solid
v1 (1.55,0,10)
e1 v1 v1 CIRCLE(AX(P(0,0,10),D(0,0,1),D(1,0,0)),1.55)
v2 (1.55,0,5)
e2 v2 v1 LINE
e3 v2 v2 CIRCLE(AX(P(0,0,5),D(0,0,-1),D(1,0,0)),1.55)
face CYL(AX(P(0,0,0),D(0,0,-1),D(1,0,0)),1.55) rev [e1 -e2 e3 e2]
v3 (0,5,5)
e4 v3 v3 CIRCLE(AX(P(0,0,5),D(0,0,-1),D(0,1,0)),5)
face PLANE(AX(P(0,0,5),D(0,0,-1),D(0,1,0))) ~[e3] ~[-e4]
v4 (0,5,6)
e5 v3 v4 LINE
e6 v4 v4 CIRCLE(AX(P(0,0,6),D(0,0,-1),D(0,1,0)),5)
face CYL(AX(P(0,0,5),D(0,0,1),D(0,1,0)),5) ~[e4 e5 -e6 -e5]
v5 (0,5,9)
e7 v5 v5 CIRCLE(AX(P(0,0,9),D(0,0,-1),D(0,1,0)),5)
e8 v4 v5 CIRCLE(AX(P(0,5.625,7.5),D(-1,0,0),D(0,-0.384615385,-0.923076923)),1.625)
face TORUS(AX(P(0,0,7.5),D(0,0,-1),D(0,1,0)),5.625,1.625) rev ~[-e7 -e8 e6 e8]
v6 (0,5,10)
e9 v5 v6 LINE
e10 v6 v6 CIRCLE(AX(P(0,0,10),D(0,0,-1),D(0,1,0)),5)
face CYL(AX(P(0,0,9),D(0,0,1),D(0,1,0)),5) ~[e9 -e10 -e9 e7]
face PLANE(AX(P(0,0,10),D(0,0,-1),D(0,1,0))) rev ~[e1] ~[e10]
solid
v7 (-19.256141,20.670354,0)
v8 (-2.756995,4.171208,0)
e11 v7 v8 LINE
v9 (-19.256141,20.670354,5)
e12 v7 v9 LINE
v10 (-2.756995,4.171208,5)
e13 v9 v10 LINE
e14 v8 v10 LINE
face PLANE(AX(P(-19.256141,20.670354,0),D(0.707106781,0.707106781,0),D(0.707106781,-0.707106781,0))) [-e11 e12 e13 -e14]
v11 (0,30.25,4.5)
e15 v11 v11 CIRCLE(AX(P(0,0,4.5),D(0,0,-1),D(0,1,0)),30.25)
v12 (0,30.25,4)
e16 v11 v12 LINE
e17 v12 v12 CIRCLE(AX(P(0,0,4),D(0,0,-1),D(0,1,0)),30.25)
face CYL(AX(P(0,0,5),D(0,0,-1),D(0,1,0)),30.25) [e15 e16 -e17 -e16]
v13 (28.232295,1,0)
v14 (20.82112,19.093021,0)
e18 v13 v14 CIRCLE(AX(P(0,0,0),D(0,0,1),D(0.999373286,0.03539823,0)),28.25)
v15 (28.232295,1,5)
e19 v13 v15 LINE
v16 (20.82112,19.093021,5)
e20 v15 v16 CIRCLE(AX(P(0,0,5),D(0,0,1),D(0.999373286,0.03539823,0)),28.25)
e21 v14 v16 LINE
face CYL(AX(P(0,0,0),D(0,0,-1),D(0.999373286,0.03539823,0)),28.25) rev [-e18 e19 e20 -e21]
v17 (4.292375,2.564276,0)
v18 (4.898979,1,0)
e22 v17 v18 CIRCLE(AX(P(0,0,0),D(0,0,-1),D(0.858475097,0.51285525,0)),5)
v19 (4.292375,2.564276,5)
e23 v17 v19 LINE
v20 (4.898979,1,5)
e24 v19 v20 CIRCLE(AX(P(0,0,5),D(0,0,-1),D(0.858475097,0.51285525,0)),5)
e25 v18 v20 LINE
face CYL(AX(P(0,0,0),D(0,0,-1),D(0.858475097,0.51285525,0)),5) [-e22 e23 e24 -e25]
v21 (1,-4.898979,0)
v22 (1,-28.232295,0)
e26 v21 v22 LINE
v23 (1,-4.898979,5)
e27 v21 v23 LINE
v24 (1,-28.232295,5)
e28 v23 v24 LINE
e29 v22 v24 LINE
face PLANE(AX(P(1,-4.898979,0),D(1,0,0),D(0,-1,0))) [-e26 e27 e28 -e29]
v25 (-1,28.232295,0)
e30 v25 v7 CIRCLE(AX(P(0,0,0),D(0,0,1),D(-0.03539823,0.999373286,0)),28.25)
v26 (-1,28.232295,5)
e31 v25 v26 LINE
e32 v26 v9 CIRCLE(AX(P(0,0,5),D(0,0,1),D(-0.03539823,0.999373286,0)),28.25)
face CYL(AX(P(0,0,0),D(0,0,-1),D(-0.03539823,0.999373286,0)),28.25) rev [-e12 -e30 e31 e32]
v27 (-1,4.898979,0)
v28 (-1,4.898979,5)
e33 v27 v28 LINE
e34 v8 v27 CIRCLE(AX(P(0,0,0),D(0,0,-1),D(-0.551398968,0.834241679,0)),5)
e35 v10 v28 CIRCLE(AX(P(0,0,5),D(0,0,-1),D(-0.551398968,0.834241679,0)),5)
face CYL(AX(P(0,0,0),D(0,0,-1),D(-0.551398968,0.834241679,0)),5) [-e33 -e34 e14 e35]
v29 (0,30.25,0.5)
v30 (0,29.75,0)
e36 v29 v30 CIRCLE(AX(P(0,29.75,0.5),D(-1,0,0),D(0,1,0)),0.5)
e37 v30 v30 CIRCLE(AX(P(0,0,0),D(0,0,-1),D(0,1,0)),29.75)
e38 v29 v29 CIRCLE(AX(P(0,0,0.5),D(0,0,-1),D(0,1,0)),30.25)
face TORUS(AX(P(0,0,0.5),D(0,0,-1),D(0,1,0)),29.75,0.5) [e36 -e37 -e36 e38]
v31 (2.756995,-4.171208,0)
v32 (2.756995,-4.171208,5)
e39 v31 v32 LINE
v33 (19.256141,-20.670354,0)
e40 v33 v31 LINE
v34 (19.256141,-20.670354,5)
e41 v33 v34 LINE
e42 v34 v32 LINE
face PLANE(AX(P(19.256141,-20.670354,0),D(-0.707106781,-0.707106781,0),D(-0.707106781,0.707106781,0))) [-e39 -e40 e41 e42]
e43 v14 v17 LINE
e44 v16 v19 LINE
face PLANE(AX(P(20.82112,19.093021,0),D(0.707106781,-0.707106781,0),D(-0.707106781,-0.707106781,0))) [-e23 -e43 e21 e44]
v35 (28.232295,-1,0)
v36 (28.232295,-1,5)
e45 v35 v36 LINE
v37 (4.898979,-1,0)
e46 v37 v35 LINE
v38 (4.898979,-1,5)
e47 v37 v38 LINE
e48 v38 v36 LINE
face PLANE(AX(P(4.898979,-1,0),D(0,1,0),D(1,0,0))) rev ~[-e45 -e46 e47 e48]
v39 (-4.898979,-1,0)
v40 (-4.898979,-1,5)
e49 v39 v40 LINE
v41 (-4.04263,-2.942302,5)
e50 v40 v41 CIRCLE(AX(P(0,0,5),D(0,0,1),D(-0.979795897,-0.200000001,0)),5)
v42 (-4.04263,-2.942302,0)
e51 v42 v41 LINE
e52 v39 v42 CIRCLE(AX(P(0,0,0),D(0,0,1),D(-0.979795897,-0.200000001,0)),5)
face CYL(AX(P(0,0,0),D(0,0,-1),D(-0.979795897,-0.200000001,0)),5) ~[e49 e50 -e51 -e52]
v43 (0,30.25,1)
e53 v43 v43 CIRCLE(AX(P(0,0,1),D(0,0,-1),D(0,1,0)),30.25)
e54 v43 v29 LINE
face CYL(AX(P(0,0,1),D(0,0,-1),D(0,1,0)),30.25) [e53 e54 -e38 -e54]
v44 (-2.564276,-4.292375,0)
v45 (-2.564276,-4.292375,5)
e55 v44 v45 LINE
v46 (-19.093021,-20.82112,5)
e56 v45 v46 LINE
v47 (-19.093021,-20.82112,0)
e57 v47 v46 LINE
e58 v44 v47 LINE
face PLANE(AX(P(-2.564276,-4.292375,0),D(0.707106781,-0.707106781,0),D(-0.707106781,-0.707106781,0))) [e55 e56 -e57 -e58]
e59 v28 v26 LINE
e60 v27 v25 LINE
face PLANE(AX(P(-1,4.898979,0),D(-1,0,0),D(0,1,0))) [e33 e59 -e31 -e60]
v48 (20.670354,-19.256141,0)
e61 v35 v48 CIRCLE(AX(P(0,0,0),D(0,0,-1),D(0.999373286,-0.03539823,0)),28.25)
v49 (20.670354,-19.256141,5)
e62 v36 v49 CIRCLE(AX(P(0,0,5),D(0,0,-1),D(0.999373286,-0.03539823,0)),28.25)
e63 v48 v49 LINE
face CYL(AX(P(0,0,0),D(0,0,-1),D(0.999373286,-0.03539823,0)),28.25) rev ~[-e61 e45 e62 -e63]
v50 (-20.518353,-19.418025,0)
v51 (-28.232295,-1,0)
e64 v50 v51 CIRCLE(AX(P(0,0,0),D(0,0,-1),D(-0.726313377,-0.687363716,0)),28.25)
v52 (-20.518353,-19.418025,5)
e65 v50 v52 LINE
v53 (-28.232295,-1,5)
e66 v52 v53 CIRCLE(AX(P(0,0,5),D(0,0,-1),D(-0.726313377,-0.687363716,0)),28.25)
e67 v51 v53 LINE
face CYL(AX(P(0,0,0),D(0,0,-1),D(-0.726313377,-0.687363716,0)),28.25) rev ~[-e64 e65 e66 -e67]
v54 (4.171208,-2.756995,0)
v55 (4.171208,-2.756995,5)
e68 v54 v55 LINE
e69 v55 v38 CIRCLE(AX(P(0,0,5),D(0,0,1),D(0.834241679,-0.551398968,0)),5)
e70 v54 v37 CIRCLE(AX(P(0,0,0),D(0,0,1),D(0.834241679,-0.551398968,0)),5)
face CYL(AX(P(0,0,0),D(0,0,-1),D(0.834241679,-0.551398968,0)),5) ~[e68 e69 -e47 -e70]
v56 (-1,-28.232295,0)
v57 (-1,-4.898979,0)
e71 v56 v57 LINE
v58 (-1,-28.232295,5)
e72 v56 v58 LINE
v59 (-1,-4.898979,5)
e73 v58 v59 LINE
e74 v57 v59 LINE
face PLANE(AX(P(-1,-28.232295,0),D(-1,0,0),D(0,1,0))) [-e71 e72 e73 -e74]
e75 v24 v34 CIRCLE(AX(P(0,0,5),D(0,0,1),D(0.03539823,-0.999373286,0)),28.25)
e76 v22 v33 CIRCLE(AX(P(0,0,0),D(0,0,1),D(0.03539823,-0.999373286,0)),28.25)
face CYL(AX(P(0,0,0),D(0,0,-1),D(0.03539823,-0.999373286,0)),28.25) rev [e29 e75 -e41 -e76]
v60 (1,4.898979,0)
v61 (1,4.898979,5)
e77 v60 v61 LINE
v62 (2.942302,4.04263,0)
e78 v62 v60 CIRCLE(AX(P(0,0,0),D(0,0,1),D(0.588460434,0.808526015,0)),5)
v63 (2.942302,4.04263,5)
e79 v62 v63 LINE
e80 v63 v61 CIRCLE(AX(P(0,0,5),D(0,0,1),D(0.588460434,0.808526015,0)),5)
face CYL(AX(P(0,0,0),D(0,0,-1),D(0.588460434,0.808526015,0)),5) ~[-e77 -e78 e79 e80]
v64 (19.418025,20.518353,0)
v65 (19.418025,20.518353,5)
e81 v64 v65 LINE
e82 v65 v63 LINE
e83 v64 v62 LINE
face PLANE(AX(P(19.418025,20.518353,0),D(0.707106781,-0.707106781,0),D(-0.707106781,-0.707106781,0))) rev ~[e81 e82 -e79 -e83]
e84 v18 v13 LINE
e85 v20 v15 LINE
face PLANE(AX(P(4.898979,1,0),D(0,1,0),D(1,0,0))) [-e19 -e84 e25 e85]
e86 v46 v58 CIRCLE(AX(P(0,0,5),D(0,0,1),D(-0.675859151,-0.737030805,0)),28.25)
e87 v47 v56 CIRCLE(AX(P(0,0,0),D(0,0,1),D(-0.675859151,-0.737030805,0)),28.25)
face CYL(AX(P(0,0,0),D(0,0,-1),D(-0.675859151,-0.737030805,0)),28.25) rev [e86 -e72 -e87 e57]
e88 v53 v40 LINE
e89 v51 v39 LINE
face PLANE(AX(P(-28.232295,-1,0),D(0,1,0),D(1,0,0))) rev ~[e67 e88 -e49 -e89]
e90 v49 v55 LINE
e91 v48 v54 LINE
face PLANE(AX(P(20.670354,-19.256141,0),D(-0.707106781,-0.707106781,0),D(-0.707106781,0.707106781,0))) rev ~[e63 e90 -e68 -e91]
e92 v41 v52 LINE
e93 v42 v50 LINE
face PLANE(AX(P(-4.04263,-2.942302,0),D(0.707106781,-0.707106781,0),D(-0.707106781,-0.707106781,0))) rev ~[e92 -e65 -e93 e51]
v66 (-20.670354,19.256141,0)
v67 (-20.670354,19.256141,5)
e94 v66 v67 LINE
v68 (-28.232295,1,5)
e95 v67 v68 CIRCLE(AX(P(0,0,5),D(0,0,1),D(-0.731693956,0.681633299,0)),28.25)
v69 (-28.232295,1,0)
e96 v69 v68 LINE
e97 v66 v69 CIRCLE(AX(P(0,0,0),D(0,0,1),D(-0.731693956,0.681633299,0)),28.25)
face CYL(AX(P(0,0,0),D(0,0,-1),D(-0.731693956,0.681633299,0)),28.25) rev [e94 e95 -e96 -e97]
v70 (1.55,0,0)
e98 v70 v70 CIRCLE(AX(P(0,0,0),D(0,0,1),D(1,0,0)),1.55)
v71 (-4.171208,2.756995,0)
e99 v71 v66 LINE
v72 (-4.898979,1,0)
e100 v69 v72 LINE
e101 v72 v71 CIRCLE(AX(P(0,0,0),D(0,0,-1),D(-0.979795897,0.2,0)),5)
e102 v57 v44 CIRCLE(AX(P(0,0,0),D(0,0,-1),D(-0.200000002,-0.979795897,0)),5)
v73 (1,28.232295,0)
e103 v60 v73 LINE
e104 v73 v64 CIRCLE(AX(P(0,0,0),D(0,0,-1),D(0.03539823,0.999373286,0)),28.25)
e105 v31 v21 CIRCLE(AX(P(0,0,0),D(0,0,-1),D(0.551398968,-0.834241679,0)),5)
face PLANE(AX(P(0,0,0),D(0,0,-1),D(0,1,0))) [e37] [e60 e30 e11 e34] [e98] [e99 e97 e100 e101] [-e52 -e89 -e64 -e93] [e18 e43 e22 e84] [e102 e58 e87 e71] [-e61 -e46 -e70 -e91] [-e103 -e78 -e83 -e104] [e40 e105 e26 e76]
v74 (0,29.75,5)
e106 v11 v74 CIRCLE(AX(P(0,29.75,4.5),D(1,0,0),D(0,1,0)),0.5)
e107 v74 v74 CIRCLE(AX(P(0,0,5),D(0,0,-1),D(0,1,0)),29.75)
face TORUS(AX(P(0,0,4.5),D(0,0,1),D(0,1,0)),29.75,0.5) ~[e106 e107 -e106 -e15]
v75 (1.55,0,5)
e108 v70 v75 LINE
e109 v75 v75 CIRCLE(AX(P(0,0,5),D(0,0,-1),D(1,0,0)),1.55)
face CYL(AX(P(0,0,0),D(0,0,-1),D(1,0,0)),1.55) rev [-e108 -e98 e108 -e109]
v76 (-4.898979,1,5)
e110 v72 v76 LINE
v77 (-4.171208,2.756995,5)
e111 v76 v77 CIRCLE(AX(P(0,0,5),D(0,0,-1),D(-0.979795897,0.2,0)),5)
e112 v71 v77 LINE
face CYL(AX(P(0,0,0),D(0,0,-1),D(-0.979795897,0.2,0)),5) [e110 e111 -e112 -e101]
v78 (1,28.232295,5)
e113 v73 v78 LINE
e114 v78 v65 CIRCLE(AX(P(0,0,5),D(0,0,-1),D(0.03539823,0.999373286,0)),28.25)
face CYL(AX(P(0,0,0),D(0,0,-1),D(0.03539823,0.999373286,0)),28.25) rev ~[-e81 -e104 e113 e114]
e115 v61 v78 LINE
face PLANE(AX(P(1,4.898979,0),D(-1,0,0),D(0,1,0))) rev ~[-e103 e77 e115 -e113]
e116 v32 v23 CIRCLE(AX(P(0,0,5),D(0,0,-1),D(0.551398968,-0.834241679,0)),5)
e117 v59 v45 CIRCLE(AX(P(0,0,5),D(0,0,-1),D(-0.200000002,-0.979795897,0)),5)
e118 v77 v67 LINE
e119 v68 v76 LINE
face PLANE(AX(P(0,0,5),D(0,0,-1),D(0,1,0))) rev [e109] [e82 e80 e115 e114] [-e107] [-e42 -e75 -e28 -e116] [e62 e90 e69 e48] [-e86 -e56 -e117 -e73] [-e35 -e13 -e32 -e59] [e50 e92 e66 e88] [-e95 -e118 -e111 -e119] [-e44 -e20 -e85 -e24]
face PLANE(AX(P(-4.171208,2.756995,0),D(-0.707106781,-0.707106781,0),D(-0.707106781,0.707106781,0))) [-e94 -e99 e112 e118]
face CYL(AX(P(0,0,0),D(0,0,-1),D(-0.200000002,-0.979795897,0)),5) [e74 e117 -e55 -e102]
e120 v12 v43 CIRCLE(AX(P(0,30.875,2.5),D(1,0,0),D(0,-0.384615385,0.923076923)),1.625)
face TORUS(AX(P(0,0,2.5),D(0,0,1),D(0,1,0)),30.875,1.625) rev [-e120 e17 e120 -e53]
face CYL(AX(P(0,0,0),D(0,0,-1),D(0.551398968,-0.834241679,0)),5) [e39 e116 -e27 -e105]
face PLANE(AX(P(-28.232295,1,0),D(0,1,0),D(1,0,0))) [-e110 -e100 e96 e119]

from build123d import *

# Parameters (mm, degrees)
SKETCH7_R          = 1.55
CUT_EXTRUDE1_DEPTH = 10
CUT_EXTRUDE2_DEPTH = 5
FILLET1_R          = 0.5


with BuildPart() as part:
    # Sketch4 → Revolve1 (revolve)
    with BuildSketch(Plane(origin=(0, 0, 0), x_dir=(0, 0, -1), z_dir=(1, 0, 0))):
        with BuildLine():
            Line((-5, 30.25), (-4, 30.25))
            ThreePointArc((-4, 30.25), (-2.5, 29.25), (-1, 30.25))
            Line((-1, 30.25), (0, 30.25))
            Line((0, 30.25), (0, 0))
            Line((0, 0), (-5, 0))
            Line((-5, 0), (-5, 30.25))
        make_face()
    revolve(axis=Axis((0, 0, 5), (0, 0, -1)))


with BuildPart() as body_2:
    # Sketch6 → Revolve2 (revolve)
    with BuildSketch(Plane(origin=(0, 0, 0), x_dir=(0, 0, -1), z_dir=(1, 0, 0))):
        with BuildLine():
            Line((-5, 0), (-5, 5))
            Line((-5, 5), (-6, 5))
            ThreePointArc((-6, 5), (-7.5, 4), (-9, 5))
            Line((-9, 5), (-10, 5))
            Line((-10, 5), (-10, 0))
            Line((-10, 0), (-5, 0))
        make_face()
    revolve(axis=Axis((0, 0, 10), (0, 0, -1)))


with BuildPart() as cut_extrude1_tool:
    # Sketch7 → Cut-Extrude1 (new body)
    with BuildSketch(Plane.XY):
        Circle(SKETCH7_R)
    extrude(amount=CUT_EXTRUDE1_DEPTH)


with BuildPart() as part_1:
    add(part.part)

    # Cut-Extrude1: cut by cut_extrude1_tool
    add(cut_extrude1_tool.part, mode=Mode.SUBTRACT)

    # Sketch8 → Cut-Extrude2 (cut)
    with BuildSketch(Plane.XY):
        with BuildLine():
            Line((4.898979486, 1), (28.232295337, 1))
            ThreePointArc((28.232295337, 1), (26.141896401, 10.708116199), (20.821120243, 19.093021024))
            Line((20.821120243, 19.093021024), (4.29237548, 2.564276261))
            ThreePointArc((4.29237548, 2.564276261), (4.661758421, 1.807763375), (4.898979486, 1))
        make_face()
        with BuildLine():
            Line((1, 4.898979486), (1, 28.232295337))
            ThreePointArc((1, 28.232295337), (10.913302118, 26.056905743), (19.418024989, 20.518352895))
            Line((19.418024989, 20.518352895), (2.942302171, 4.042630076))
            ThreePointArc((2.942302171, 4.042630076), (2.017119277, 4.5750661), (1, 4.898979486))
        make_face()
        with BuildLine():
            Line((4.898979486, -1), (28.232295337, -1))
            ThreePointArc((28.232295337, -1), (26.099596793, -10.810806964), (20.670354262, -19.2561407))
            Line((20.670354262, -19.2561407), (4.171208396, -2.756994834))
            ThreePointArc((4.171208396, -2.756994834), (4.619397663, -1.913417162), (4.898979486, -1))
        make_face()
        with BuildLine():
            Line((1, -4.898979486), (1, -28.232295337))
            ThreePointArc((1, -28.232295337), (10.810806964, -26.099596793), (19.2561407, -20.670354262))
            Line((19.2561407, -20.670354262), (2.756994834, -4.171208396))
            ThreePointArc((2.756994834, -4.171208396), (1.913417162, -4.619397663), (1, -4.898979486))
        make_face()
        with BuildLine():
            Line((-1, -28.232295337), (-1, -4.898979486))
            ThreePointArc((-1, -4.898979486), (-1.807763375, -4.661758421), (-2.564276261, -4.29237548))
            Line((-2.564276261, -4.29237548), (-19.093021024, -20.821120243))
            ThreePointArc((-19.093021024, -20.821120243), (-10.708116199, -26.141896401), (-1, -28.232295337))
        make_face()
        with BuildLine():
            Line((-28.232295337, -1), (-4.898979486, -1))
            ThreePointArc((-4.898979486, -1), (-4.5750661, -2.017119277), (-4.042630076, -2.942302171))
            Line((-4.042630076, -2.942302171), (-20.518352895, -19.418024989))
            ThreePointArc((-20.518352895, -19.418024989), (-26.056905743, -10.913302118), (-28.232295337, -1))
        make_face()
        with BuildLine():
            Line((-28.232295337, 1), (-4.898979486, 1))
            ThreePointArc((-4.898979486, 1), (-4.619397663, 1.913417162), (-4.171208396, 2.756994834))
            Line((-4.171208396, 2.756994834), (-20.670354262, 19.2561407))
            ThreePointArc((-20.670354262, 19.2561407), (-26.099596793, 10.810806964), (-28.232295337, 1))
        make_face()
        with BuildLine():
            Line((-1, 4.898979486), (-1, 28.232295337))
            ThreePointArc((-1, 28.232295337), (-10.810806964, 26.099596793), (-19.2561407, 20.670354262))
            Line((-19.2561407, 20.670354262), (-2.756994834, 4.171208396))
            ThreePointArc((-2.756994834, 4.171208396), (-1.913417162, 4.619397663), (-1, 4.898979486))
        make_face()
    extrude(amount=CUT_EXTRUDE2_DEPTH, mode=Mode.SUBTRACT)

    # Fillet1
    fillet1_edges = [part_1.edges().sort_by_distance(p)[0] for p in [
        (0, -30.25, 5),
        (0, -30.25, 0),
    ]]
    fillet(fillet1_edges, radius=FILLET1_R)


with BuildPart() as body_2_1:
    add(body_2.part)

    # Cut-Extrude1: cut by cut_extrude1_tool
    add(cut_extrude1_tool.part, mode=Mode.SUBTRACT)


solid = Compound([part_1.part, body_2_1.part])
